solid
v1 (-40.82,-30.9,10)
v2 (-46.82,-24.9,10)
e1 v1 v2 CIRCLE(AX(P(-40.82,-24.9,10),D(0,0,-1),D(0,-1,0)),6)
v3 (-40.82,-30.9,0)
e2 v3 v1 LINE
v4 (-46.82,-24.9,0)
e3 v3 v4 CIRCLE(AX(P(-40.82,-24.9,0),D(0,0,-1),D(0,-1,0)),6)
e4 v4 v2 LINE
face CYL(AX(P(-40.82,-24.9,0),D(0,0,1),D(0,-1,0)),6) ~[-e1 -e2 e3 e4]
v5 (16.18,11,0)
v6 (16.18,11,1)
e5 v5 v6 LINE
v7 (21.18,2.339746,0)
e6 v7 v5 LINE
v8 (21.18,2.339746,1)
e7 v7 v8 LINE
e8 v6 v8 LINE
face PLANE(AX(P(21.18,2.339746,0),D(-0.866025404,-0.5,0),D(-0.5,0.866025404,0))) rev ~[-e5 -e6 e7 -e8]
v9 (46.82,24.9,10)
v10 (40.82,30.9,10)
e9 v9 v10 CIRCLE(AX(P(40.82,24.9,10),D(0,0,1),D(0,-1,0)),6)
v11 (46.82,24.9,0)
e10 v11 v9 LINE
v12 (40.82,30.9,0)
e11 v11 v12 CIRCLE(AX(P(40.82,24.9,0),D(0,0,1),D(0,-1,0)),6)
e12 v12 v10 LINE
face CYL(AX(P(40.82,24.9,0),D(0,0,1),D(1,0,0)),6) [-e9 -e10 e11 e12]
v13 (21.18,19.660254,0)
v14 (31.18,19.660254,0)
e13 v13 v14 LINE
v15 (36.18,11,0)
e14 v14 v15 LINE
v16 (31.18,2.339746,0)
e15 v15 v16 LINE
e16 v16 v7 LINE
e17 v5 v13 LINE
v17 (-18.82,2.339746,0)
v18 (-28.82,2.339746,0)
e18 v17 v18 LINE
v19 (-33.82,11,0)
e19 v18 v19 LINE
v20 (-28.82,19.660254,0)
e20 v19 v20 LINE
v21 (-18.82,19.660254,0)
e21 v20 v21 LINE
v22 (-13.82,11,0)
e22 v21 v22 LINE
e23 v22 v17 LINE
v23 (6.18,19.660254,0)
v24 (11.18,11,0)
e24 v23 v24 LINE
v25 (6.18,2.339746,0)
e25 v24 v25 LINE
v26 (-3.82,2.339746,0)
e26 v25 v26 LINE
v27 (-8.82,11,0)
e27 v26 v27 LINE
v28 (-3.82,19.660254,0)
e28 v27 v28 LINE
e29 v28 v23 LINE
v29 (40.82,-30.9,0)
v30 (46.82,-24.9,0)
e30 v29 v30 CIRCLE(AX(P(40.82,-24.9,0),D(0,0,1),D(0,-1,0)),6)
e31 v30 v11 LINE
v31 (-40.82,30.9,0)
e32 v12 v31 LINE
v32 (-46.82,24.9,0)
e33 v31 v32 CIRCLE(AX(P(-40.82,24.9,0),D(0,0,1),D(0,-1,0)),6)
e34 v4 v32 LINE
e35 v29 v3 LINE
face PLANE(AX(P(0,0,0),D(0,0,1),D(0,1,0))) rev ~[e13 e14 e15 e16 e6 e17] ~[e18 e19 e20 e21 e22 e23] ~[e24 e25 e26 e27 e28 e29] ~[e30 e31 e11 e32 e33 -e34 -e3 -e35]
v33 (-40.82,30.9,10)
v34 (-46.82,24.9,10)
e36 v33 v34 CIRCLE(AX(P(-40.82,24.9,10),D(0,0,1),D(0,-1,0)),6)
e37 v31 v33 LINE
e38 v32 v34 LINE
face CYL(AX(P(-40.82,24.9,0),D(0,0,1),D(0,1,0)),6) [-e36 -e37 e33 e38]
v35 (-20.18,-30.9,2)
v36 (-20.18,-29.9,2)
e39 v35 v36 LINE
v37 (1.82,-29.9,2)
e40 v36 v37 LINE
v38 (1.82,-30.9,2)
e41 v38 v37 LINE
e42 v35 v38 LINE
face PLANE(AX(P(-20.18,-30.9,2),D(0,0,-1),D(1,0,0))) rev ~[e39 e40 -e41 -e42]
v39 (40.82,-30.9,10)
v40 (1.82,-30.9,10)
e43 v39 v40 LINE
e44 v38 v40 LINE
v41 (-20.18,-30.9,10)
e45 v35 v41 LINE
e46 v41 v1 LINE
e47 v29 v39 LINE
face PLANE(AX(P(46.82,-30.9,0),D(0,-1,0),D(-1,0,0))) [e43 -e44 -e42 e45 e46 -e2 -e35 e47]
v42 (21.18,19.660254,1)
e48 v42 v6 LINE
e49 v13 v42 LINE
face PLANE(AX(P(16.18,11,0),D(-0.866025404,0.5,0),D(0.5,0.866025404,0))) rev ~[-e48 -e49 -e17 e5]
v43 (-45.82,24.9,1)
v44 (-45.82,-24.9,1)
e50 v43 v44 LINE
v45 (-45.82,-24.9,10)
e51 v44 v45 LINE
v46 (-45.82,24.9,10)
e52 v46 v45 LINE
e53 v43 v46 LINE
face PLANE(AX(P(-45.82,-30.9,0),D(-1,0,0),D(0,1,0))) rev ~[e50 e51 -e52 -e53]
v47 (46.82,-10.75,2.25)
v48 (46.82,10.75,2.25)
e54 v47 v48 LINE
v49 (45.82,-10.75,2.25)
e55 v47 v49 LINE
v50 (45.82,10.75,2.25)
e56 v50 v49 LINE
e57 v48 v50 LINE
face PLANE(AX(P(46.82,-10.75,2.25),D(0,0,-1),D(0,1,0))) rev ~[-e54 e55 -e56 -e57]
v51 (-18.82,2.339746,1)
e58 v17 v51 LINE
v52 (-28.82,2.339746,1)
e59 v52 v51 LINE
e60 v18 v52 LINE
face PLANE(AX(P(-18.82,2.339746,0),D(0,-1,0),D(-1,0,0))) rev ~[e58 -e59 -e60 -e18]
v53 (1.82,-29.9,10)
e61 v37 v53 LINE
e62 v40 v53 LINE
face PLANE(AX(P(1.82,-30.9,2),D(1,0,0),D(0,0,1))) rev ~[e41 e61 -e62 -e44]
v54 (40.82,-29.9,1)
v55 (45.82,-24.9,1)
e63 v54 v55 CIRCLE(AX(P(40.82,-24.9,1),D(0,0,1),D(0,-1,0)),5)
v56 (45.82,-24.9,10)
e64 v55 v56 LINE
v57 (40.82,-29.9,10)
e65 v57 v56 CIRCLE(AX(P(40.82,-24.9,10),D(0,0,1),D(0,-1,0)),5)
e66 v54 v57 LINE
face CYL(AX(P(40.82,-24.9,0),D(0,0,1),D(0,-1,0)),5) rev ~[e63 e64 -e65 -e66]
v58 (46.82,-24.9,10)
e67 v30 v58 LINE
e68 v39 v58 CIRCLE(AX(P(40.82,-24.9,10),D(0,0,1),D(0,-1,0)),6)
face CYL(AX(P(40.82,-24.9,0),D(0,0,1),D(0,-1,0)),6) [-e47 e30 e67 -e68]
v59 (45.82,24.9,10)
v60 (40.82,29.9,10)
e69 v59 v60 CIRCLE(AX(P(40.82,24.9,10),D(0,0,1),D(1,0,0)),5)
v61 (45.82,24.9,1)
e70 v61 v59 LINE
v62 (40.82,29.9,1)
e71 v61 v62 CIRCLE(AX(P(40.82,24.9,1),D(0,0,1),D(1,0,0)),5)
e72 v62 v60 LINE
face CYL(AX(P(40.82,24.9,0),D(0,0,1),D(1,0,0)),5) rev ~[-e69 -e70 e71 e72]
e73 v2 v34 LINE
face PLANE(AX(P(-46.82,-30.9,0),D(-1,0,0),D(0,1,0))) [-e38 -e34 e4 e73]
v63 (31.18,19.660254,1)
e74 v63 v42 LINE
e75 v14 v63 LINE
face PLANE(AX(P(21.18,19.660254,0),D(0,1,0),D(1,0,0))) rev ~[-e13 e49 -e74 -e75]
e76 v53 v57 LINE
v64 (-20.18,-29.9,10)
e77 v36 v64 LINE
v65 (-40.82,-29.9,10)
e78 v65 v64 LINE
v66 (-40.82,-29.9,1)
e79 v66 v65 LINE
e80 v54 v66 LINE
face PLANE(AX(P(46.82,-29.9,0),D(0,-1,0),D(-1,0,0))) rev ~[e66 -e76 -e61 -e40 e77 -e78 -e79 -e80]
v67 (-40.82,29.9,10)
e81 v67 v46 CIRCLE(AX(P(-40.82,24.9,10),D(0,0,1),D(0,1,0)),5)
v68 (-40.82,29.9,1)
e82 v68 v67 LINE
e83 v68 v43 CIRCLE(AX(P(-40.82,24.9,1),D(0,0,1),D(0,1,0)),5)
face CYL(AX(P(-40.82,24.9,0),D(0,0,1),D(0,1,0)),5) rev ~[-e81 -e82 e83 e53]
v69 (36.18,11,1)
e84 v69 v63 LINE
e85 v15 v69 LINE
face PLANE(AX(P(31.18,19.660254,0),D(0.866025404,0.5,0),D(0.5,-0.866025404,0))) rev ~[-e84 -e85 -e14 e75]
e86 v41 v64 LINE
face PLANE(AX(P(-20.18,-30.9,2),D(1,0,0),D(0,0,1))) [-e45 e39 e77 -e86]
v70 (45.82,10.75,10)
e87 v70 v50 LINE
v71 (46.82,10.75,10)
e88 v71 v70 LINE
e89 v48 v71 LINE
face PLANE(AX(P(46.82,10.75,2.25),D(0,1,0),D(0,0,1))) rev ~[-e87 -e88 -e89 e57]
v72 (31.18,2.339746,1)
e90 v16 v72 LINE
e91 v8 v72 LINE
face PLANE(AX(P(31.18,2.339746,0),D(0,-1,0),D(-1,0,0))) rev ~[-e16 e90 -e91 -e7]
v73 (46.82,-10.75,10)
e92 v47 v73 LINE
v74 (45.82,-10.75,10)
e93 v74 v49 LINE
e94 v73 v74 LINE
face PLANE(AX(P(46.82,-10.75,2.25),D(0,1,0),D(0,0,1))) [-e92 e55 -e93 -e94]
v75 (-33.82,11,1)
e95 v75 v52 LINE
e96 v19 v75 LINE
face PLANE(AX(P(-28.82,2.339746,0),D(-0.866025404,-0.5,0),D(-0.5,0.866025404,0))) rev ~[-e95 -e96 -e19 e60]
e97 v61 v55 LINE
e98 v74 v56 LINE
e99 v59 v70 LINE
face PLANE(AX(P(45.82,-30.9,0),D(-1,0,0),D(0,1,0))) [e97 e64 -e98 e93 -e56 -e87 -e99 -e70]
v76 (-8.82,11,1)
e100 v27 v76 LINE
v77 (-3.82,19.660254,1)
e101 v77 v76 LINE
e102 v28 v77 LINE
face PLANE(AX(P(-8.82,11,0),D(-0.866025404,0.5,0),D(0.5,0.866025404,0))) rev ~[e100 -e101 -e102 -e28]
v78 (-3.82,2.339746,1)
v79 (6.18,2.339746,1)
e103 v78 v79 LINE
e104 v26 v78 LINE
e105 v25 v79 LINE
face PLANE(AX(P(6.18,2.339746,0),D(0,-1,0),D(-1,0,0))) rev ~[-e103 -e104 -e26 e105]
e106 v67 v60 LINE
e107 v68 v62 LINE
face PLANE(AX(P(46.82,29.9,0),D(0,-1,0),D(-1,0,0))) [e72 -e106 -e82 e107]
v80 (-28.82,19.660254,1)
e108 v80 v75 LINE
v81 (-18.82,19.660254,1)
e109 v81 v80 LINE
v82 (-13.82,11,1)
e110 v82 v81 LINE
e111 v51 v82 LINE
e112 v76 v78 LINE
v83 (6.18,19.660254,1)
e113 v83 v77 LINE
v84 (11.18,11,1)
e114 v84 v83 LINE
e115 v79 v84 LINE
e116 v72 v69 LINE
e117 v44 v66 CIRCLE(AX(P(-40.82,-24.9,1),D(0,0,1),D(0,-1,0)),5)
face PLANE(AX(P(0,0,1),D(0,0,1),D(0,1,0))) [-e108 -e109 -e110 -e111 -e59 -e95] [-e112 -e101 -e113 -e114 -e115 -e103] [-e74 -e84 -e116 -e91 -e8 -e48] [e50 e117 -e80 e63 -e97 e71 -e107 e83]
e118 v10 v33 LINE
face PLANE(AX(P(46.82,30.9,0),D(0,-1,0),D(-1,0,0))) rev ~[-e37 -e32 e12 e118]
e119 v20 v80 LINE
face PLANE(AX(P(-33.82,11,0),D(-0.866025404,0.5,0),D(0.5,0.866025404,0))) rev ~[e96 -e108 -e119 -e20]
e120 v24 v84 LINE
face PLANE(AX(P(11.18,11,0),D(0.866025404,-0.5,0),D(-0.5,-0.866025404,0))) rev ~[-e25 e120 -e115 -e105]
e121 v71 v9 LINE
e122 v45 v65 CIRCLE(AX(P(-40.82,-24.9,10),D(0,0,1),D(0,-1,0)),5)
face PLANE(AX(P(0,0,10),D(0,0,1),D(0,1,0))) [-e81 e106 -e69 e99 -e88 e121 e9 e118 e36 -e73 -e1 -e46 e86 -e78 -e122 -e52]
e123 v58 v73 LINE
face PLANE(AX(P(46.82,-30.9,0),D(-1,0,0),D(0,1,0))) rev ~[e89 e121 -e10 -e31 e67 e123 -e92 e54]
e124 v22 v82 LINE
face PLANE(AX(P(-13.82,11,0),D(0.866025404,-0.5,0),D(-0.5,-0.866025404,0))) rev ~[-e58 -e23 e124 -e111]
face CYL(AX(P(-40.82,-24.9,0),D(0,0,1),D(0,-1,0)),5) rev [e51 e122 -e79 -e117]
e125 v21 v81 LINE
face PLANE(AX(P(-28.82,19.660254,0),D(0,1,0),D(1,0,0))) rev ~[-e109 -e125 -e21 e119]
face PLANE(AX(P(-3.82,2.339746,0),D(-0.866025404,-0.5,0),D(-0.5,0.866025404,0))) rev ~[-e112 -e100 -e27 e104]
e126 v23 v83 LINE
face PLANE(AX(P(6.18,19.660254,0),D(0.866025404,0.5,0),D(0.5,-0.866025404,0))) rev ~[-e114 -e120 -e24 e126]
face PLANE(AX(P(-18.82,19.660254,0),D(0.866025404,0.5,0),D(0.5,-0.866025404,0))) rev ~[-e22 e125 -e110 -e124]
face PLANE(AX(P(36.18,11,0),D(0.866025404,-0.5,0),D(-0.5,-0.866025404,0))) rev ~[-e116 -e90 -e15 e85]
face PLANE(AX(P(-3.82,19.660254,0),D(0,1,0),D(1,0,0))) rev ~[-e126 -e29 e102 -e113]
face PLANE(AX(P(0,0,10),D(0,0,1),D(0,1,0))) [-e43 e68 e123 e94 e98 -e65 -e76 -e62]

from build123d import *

# Parameters (mm, degrees)
SKIZZE1_W                       = 61.8
SKIZZE1_H                       = 93.64
AUFSATZ_LINEAR_AUSTRAGEN1_DEPTH = 10
VERRUNDUNG1_R                   = 6
WANDUNG1_T                      = -1
SKIZZE2_W                       = 21.5
SKIZZE2_H                       = 15.5
SCHNITT_LINEAR_AUSTRAGEN1_DEPTH = 6
SKIZZE3_W                       = 22
SKIZZE3_H                       = 8
SCHNITT_LINEAR_AUSTRAGEN2_DEPTH = 6
SCHNITT_LINEAR_AUSTRAGEN4_DEPTH = 6
LINEARES_MUSTER1_COUNT          = 3
LINEARES_MUSTER1_PITCH          = 25


with BuildPart() as part:
    # Skizze1 → Aufsatz-Linear austragen1 (new body)
    with BuildSketch(Plane(origin=(0, 0, 0), x_dir=(0, 1, 0), z_dir=(0, 0, 1))):
        Rectangle(SKIZZE1_W, SKIZZE1_H)
    extrude(amount=AUFSATZ_LINEAR_AUSTRAGEN1_DEPTH)

    # Verrundung1
    verrundung1_edges = [part.edges().sort_by_distance(p)[0] for p in [
        (46.82, 30.9, 5),
        (46.82, -30.9, 5),
        (-46.82, -30.9, 5),
        (-46.82, 30.9, 5),
    ]]
    fillet(verrundung1_edges, radius=VERRUNDUNG1_R)

    # Wandung1
    wandung1_openings = [part.faces().sort_by_distance(p)[0] for p in [
        (0, 0, 10),
    ]]
    offset(amount=WANDUNG1_T, openings=wandung1_openings, kind=Kind.INTERSECTION)

    # Skizze2 → Schnitt-Linear austragen1 (cut)
    with BuildSketch(Plane.YZ.offset(46.82)):
        with Locations((0, 10)):
            Rectangle(SKIZZE2_W, SKIZZE2_H)
    extrude(amount=-SCHNITT_LINEAR_AUSTRAGEN1_DEPTH, mode=Mode.SUBTRACT)

    # Skizze3 → Schnitt-Linear austragen2 (cut)
    with BuildSketch(Plane.XZ.offset(30.9)):
        with Locations((-9.18, 6)):
            Rectangle(SKIZZE3_W, SKIZZE3_H)
    extrude(amount=-SCHNITT_LINEAR_AUSTRAGEN2_DEPTH, mode=Mode.SUBTRACT)

    # Skizze4 → Schnitt-Linear austragen4 (cut)
    with BuildSketch(Plane(origin=(0, 0, 0), x_dir=(1, 0, 0), z_dir=(0, 0, -1))):
        Polygon((-18.82, -2.339745962), (-28.82, -2.339745962), (-33.82, -11), (-28.82, -19.660254038), (-18.82, -19.660254038), (-13.82, -11), align=None)
    schnitt_linear_austragen4 = extrude(amount=-SCHNITT_LINEAR_AUSTRAGEN4_DEPTH, mode=Mode.SUBTRACT)

    # Lineares Muster1: Schnitt-Linear austragen4 ×3
    with Locations(*[(i * LINEARES_MUSTER1_PITCH, 0, 0) for i in range(1, LINEARES_MUSTER1_COUNT)]):
        add(schnitt_linear_austragen4, mode=Mode.SUBTRACT)


solid = part.part
